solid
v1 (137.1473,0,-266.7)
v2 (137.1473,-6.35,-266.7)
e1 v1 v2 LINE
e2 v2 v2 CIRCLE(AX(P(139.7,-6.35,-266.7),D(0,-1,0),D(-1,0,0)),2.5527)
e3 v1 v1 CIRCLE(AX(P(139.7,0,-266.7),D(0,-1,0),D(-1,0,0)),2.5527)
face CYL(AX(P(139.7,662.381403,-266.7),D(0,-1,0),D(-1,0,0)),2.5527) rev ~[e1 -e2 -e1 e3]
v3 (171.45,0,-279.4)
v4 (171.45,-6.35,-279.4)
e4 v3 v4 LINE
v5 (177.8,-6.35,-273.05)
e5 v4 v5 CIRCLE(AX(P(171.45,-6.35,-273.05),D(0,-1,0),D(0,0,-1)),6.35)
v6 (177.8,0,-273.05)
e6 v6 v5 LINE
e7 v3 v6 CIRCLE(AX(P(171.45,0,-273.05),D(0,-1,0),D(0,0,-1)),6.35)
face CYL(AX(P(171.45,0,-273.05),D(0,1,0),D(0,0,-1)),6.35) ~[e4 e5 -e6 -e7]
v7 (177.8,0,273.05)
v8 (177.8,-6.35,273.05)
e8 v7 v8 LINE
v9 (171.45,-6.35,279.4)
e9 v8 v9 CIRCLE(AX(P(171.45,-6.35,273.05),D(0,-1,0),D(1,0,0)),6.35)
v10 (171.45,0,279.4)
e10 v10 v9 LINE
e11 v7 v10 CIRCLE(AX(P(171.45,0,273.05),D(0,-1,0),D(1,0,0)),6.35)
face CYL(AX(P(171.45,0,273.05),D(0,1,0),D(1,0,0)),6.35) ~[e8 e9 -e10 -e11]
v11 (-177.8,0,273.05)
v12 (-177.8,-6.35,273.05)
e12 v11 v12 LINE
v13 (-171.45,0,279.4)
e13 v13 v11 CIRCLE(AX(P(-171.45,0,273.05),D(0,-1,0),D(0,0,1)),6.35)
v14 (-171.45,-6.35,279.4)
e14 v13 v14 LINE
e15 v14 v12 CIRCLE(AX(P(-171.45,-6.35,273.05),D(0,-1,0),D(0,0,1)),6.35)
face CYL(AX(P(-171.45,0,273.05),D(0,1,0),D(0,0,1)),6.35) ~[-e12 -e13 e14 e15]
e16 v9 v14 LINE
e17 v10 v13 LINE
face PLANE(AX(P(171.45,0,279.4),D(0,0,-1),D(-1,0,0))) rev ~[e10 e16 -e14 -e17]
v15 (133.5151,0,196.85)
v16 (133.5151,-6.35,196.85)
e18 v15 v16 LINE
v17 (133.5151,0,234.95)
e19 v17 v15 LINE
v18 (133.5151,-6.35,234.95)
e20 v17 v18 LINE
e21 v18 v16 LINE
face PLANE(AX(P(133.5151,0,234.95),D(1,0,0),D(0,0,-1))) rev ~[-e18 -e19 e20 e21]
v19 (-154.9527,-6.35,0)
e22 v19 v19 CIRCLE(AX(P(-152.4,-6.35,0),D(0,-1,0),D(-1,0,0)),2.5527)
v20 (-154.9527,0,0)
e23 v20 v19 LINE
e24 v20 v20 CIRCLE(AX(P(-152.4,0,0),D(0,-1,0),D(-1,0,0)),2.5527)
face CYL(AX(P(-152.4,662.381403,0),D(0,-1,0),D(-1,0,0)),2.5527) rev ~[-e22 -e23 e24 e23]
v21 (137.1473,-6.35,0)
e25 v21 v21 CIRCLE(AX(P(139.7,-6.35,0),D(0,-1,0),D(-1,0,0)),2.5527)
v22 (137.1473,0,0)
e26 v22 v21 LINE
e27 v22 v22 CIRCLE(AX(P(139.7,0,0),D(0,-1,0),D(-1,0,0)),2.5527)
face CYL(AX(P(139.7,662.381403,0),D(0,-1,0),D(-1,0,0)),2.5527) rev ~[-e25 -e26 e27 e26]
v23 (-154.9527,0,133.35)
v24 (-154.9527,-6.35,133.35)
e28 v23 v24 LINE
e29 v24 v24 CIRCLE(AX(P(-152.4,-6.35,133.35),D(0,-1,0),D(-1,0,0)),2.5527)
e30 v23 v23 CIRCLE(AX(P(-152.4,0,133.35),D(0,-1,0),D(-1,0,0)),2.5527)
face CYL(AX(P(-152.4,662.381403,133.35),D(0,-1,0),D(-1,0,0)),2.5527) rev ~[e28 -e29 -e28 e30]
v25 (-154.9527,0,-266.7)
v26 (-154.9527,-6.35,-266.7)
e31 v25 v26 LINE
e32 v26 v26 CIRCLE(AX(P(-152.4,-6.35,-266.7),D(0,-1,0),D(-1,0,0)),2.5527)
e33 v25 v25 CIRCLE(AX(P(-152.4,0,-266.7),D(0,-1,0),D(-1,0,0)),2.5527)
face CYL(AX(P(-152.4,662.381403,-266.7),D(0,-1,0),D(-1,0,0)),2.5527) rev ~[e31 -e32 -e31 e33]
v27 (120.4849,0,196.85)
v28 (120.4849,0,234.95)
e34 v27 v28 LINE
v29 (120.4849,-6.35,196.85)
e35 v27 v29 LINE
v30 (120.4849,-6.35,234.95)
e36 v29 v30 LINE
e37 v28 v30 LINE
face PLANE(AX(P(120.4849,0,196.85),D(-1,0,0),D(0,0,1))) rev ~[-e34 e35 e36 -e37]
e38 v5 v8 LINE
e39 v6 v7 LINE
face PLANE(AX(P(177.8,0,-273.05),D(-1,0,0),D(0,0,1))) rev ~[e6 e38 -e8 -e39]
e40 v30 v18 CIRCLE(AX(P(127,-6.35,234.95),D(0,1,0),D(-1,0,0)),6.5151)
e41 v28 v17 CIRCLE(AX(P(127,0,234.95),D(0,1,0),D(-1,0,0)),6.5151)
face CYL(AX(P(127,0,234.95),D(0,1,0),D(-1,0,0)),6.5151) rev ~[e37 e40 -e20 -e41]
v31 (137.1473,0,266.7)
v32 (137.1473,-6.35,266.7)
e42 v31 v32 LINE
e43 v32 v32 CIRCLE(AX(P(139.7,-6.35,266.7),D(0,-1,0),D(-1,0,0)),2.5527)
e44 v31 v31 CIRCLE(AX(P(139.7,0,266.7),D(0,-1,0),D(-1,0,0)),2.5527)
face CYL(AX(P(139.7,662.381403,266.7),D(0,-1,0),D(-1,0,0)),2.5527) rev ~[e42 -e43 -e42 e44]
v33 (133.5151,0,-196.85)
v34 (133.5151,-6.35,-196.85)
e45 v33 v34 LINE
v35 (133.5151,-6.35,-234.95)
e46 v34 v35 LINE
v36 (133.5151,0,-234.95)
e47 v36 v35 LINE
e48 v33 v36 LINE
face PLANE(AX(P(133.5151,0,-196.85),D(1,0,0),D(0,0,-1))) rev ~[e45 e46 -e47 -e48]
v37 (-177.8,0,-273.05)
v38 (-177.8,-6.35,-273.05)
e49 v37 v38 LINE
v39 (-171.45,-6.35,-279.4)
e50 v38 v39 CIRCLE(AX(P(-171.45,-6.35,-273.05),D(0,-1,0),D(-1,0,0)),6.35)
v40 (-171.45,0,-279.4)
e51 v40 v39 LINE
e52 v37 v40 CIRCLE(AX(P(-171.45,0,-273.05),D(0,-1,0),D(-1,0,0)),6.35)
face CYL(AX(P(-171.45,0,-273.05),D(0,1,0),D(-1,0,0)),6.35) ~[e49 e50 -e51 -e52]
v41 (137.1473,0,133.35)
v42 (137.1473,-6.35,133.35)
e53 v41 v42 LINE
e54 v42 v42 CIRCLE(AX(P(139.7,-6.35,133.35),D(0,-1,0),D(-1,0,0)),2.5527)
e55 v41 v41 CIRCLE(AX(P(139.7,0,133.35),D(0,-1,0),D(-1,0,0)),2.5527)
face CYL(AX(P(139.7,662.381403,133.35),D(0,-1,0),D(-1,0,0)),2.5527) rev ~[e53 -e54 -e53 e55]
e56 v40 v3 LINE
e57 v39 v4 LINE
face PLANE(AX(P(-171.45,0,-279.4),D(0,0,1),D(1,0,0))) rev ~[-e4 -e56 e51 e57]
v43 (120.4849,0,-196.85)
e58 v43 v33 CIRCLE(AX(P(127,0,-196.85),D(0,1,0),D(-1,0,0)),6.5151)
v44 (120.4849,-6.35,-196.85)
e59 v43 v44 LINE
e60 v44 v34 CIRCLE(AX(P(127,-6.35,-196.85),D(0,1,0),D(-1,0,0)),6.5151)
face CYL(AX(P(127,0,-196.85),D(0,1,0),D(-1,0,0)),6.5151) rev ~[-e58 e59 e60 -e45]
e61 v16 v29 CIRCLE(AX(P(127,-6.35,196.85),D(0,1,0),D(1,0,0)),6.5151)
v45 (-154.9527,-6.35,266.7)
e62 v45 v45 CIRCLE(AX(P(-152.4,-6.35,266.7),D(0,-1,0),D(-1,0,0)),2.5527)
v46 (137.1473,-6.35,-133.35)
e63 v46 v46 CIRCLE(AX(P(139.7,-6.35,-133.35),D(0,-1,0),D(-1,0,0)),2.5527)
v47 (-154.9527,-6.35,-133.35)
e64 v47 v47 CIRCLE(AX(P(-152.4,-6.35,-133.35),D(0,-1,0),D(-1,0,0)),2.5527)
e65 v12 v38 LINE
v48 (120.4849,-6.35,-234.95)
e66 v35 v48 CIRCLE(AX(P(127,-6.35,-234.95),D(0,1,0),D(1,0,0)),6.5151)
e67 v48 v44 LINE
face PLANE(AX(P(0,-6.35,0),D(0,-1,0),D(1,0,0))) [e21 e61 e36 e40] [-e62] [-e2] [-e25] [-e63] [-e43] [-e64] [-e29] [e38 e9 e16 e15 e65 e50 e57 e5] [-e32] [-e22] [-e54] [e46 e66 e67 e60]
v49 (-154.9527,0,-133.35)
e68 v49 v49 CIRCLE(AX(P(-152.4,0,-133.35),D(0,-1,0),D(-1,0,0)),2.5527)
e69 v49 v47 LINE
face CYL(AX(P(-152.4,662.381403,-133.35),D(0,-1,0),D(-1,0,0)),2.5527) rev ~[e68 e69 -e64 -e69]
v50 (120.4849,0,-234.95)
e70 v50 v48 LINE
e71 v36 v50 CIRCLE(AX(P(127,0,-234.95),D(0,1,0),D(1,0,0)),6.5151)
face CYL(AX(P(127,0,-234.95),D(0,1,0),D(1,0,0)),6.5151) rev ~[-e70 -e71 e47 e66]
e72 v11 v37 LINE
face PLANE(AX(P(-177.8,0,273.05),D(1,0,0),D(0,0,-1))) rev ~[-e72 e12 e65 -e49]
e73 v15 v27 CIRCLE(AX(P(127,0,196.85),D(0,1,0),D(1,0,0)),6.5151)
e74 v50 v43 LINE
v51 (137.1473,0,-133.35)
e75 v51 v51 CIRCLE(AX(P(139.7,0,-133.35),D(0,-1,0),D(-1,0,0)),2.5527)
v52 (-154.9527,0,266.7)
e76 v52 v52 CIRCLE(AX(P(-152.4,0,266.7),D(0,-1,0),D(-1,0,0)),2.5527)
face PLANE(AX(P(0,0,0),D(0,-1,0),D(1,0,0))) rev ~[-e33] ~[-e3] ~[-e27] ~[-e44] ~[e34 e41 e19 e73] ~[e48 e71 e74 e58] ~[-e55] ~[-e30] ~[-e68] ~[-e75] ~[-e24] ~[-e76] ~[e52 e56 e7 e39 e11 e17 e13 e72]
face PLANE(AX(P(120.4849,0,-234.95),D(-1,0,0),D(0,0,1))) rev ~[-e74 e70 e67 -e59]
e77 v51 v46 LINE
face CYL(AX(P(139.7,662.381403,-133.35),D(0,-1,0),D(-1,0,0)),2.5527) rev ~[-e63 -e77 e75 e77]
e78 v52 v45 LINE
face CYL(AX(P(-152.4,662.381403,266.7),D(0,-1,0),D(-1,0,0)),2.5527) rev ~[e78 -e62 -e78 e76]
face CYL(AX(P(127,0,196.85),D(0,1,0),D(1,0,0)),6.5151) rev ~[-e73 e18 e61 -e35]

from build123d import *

# Parameters (mm, degrees)
F1_DEPTH = 6.35
F2_D     = 5.1054


with BuildPart() as f1:
    # F0 (on Front) → F1 (new body)
    with BuildSketch(Plane.XZ):
        with BuildLine():
            Line((-171.45, -279.4), (171.45, -279.4))
            ThreePointArc((171.45, -279.4), (175.9401280605, -277.5401280605), (177.8, -273.05))
            Line((177.8, -273.05), (177.8, 273.05))
            ThreePointArc((177.8, 273.05), (175.9401280605, 277.5401280605), (171.45, 279.4))
            Line((171.45, 279.4), (-171.45, 279.4))
            ThreePointArc((-171.45, 279.4), (-175.9401280605, 277.5401280605), (-177.8, 273.05))
            Line((-177.8, 273.05), (-177.8, -273.05))
            ThreePointArc((-177.8, -273.05), (-175.9401280605, -277.5401280605), (-171.45, -279.4))
        make_face()
        with BuildLine():
            Line((133.5151, -196.85), (133.5151, -234.95))
            ThreePointArc((133.5151, -234.95), (127, -241.4651), (120.4849, -234.95))
            Line((120.4849, -234.95), (120.4849, -196.85))
            ThreePointArc((120.4849, -196.85), (127, -190.3349), (133.5151, -196.85))
        make_face(mode=Mode.SUBTRACT)
        with BuildLine():
            ThreePointArc((120.4849, 234.95), (127, 241.4651), (133.5151, 234.95))
            Line((133.5151, 234.95), (133.5151, 196.85))
            ThreePointArc((133.5151, 196.85), (127, 190.3349), (120.4849, 196.85))
            Line((120.4849, 196.85), (120.4849, 234.95))
        make_face(mode=Mode.SUBTRACT)
    extrude(amount=F1_DEPTH)

    # F2 (through all)
    with Locations(Plane(origin=(0, 0, 0), x_dir=(1, 0, 0), z_dir=(0, 1, 0))):
        with Locations((139.7, 266.7), (139.7, 133.35), (139.7, 0), (139.7, -133.35), (139.7, -266.7), (-152.4, 266.7), (-152.4, 0), (-152.4, -133.35), (-152.4, -266.7), (-152.4, 133.35)):
            Hole(F2_D / 2)


solid = f1.part
